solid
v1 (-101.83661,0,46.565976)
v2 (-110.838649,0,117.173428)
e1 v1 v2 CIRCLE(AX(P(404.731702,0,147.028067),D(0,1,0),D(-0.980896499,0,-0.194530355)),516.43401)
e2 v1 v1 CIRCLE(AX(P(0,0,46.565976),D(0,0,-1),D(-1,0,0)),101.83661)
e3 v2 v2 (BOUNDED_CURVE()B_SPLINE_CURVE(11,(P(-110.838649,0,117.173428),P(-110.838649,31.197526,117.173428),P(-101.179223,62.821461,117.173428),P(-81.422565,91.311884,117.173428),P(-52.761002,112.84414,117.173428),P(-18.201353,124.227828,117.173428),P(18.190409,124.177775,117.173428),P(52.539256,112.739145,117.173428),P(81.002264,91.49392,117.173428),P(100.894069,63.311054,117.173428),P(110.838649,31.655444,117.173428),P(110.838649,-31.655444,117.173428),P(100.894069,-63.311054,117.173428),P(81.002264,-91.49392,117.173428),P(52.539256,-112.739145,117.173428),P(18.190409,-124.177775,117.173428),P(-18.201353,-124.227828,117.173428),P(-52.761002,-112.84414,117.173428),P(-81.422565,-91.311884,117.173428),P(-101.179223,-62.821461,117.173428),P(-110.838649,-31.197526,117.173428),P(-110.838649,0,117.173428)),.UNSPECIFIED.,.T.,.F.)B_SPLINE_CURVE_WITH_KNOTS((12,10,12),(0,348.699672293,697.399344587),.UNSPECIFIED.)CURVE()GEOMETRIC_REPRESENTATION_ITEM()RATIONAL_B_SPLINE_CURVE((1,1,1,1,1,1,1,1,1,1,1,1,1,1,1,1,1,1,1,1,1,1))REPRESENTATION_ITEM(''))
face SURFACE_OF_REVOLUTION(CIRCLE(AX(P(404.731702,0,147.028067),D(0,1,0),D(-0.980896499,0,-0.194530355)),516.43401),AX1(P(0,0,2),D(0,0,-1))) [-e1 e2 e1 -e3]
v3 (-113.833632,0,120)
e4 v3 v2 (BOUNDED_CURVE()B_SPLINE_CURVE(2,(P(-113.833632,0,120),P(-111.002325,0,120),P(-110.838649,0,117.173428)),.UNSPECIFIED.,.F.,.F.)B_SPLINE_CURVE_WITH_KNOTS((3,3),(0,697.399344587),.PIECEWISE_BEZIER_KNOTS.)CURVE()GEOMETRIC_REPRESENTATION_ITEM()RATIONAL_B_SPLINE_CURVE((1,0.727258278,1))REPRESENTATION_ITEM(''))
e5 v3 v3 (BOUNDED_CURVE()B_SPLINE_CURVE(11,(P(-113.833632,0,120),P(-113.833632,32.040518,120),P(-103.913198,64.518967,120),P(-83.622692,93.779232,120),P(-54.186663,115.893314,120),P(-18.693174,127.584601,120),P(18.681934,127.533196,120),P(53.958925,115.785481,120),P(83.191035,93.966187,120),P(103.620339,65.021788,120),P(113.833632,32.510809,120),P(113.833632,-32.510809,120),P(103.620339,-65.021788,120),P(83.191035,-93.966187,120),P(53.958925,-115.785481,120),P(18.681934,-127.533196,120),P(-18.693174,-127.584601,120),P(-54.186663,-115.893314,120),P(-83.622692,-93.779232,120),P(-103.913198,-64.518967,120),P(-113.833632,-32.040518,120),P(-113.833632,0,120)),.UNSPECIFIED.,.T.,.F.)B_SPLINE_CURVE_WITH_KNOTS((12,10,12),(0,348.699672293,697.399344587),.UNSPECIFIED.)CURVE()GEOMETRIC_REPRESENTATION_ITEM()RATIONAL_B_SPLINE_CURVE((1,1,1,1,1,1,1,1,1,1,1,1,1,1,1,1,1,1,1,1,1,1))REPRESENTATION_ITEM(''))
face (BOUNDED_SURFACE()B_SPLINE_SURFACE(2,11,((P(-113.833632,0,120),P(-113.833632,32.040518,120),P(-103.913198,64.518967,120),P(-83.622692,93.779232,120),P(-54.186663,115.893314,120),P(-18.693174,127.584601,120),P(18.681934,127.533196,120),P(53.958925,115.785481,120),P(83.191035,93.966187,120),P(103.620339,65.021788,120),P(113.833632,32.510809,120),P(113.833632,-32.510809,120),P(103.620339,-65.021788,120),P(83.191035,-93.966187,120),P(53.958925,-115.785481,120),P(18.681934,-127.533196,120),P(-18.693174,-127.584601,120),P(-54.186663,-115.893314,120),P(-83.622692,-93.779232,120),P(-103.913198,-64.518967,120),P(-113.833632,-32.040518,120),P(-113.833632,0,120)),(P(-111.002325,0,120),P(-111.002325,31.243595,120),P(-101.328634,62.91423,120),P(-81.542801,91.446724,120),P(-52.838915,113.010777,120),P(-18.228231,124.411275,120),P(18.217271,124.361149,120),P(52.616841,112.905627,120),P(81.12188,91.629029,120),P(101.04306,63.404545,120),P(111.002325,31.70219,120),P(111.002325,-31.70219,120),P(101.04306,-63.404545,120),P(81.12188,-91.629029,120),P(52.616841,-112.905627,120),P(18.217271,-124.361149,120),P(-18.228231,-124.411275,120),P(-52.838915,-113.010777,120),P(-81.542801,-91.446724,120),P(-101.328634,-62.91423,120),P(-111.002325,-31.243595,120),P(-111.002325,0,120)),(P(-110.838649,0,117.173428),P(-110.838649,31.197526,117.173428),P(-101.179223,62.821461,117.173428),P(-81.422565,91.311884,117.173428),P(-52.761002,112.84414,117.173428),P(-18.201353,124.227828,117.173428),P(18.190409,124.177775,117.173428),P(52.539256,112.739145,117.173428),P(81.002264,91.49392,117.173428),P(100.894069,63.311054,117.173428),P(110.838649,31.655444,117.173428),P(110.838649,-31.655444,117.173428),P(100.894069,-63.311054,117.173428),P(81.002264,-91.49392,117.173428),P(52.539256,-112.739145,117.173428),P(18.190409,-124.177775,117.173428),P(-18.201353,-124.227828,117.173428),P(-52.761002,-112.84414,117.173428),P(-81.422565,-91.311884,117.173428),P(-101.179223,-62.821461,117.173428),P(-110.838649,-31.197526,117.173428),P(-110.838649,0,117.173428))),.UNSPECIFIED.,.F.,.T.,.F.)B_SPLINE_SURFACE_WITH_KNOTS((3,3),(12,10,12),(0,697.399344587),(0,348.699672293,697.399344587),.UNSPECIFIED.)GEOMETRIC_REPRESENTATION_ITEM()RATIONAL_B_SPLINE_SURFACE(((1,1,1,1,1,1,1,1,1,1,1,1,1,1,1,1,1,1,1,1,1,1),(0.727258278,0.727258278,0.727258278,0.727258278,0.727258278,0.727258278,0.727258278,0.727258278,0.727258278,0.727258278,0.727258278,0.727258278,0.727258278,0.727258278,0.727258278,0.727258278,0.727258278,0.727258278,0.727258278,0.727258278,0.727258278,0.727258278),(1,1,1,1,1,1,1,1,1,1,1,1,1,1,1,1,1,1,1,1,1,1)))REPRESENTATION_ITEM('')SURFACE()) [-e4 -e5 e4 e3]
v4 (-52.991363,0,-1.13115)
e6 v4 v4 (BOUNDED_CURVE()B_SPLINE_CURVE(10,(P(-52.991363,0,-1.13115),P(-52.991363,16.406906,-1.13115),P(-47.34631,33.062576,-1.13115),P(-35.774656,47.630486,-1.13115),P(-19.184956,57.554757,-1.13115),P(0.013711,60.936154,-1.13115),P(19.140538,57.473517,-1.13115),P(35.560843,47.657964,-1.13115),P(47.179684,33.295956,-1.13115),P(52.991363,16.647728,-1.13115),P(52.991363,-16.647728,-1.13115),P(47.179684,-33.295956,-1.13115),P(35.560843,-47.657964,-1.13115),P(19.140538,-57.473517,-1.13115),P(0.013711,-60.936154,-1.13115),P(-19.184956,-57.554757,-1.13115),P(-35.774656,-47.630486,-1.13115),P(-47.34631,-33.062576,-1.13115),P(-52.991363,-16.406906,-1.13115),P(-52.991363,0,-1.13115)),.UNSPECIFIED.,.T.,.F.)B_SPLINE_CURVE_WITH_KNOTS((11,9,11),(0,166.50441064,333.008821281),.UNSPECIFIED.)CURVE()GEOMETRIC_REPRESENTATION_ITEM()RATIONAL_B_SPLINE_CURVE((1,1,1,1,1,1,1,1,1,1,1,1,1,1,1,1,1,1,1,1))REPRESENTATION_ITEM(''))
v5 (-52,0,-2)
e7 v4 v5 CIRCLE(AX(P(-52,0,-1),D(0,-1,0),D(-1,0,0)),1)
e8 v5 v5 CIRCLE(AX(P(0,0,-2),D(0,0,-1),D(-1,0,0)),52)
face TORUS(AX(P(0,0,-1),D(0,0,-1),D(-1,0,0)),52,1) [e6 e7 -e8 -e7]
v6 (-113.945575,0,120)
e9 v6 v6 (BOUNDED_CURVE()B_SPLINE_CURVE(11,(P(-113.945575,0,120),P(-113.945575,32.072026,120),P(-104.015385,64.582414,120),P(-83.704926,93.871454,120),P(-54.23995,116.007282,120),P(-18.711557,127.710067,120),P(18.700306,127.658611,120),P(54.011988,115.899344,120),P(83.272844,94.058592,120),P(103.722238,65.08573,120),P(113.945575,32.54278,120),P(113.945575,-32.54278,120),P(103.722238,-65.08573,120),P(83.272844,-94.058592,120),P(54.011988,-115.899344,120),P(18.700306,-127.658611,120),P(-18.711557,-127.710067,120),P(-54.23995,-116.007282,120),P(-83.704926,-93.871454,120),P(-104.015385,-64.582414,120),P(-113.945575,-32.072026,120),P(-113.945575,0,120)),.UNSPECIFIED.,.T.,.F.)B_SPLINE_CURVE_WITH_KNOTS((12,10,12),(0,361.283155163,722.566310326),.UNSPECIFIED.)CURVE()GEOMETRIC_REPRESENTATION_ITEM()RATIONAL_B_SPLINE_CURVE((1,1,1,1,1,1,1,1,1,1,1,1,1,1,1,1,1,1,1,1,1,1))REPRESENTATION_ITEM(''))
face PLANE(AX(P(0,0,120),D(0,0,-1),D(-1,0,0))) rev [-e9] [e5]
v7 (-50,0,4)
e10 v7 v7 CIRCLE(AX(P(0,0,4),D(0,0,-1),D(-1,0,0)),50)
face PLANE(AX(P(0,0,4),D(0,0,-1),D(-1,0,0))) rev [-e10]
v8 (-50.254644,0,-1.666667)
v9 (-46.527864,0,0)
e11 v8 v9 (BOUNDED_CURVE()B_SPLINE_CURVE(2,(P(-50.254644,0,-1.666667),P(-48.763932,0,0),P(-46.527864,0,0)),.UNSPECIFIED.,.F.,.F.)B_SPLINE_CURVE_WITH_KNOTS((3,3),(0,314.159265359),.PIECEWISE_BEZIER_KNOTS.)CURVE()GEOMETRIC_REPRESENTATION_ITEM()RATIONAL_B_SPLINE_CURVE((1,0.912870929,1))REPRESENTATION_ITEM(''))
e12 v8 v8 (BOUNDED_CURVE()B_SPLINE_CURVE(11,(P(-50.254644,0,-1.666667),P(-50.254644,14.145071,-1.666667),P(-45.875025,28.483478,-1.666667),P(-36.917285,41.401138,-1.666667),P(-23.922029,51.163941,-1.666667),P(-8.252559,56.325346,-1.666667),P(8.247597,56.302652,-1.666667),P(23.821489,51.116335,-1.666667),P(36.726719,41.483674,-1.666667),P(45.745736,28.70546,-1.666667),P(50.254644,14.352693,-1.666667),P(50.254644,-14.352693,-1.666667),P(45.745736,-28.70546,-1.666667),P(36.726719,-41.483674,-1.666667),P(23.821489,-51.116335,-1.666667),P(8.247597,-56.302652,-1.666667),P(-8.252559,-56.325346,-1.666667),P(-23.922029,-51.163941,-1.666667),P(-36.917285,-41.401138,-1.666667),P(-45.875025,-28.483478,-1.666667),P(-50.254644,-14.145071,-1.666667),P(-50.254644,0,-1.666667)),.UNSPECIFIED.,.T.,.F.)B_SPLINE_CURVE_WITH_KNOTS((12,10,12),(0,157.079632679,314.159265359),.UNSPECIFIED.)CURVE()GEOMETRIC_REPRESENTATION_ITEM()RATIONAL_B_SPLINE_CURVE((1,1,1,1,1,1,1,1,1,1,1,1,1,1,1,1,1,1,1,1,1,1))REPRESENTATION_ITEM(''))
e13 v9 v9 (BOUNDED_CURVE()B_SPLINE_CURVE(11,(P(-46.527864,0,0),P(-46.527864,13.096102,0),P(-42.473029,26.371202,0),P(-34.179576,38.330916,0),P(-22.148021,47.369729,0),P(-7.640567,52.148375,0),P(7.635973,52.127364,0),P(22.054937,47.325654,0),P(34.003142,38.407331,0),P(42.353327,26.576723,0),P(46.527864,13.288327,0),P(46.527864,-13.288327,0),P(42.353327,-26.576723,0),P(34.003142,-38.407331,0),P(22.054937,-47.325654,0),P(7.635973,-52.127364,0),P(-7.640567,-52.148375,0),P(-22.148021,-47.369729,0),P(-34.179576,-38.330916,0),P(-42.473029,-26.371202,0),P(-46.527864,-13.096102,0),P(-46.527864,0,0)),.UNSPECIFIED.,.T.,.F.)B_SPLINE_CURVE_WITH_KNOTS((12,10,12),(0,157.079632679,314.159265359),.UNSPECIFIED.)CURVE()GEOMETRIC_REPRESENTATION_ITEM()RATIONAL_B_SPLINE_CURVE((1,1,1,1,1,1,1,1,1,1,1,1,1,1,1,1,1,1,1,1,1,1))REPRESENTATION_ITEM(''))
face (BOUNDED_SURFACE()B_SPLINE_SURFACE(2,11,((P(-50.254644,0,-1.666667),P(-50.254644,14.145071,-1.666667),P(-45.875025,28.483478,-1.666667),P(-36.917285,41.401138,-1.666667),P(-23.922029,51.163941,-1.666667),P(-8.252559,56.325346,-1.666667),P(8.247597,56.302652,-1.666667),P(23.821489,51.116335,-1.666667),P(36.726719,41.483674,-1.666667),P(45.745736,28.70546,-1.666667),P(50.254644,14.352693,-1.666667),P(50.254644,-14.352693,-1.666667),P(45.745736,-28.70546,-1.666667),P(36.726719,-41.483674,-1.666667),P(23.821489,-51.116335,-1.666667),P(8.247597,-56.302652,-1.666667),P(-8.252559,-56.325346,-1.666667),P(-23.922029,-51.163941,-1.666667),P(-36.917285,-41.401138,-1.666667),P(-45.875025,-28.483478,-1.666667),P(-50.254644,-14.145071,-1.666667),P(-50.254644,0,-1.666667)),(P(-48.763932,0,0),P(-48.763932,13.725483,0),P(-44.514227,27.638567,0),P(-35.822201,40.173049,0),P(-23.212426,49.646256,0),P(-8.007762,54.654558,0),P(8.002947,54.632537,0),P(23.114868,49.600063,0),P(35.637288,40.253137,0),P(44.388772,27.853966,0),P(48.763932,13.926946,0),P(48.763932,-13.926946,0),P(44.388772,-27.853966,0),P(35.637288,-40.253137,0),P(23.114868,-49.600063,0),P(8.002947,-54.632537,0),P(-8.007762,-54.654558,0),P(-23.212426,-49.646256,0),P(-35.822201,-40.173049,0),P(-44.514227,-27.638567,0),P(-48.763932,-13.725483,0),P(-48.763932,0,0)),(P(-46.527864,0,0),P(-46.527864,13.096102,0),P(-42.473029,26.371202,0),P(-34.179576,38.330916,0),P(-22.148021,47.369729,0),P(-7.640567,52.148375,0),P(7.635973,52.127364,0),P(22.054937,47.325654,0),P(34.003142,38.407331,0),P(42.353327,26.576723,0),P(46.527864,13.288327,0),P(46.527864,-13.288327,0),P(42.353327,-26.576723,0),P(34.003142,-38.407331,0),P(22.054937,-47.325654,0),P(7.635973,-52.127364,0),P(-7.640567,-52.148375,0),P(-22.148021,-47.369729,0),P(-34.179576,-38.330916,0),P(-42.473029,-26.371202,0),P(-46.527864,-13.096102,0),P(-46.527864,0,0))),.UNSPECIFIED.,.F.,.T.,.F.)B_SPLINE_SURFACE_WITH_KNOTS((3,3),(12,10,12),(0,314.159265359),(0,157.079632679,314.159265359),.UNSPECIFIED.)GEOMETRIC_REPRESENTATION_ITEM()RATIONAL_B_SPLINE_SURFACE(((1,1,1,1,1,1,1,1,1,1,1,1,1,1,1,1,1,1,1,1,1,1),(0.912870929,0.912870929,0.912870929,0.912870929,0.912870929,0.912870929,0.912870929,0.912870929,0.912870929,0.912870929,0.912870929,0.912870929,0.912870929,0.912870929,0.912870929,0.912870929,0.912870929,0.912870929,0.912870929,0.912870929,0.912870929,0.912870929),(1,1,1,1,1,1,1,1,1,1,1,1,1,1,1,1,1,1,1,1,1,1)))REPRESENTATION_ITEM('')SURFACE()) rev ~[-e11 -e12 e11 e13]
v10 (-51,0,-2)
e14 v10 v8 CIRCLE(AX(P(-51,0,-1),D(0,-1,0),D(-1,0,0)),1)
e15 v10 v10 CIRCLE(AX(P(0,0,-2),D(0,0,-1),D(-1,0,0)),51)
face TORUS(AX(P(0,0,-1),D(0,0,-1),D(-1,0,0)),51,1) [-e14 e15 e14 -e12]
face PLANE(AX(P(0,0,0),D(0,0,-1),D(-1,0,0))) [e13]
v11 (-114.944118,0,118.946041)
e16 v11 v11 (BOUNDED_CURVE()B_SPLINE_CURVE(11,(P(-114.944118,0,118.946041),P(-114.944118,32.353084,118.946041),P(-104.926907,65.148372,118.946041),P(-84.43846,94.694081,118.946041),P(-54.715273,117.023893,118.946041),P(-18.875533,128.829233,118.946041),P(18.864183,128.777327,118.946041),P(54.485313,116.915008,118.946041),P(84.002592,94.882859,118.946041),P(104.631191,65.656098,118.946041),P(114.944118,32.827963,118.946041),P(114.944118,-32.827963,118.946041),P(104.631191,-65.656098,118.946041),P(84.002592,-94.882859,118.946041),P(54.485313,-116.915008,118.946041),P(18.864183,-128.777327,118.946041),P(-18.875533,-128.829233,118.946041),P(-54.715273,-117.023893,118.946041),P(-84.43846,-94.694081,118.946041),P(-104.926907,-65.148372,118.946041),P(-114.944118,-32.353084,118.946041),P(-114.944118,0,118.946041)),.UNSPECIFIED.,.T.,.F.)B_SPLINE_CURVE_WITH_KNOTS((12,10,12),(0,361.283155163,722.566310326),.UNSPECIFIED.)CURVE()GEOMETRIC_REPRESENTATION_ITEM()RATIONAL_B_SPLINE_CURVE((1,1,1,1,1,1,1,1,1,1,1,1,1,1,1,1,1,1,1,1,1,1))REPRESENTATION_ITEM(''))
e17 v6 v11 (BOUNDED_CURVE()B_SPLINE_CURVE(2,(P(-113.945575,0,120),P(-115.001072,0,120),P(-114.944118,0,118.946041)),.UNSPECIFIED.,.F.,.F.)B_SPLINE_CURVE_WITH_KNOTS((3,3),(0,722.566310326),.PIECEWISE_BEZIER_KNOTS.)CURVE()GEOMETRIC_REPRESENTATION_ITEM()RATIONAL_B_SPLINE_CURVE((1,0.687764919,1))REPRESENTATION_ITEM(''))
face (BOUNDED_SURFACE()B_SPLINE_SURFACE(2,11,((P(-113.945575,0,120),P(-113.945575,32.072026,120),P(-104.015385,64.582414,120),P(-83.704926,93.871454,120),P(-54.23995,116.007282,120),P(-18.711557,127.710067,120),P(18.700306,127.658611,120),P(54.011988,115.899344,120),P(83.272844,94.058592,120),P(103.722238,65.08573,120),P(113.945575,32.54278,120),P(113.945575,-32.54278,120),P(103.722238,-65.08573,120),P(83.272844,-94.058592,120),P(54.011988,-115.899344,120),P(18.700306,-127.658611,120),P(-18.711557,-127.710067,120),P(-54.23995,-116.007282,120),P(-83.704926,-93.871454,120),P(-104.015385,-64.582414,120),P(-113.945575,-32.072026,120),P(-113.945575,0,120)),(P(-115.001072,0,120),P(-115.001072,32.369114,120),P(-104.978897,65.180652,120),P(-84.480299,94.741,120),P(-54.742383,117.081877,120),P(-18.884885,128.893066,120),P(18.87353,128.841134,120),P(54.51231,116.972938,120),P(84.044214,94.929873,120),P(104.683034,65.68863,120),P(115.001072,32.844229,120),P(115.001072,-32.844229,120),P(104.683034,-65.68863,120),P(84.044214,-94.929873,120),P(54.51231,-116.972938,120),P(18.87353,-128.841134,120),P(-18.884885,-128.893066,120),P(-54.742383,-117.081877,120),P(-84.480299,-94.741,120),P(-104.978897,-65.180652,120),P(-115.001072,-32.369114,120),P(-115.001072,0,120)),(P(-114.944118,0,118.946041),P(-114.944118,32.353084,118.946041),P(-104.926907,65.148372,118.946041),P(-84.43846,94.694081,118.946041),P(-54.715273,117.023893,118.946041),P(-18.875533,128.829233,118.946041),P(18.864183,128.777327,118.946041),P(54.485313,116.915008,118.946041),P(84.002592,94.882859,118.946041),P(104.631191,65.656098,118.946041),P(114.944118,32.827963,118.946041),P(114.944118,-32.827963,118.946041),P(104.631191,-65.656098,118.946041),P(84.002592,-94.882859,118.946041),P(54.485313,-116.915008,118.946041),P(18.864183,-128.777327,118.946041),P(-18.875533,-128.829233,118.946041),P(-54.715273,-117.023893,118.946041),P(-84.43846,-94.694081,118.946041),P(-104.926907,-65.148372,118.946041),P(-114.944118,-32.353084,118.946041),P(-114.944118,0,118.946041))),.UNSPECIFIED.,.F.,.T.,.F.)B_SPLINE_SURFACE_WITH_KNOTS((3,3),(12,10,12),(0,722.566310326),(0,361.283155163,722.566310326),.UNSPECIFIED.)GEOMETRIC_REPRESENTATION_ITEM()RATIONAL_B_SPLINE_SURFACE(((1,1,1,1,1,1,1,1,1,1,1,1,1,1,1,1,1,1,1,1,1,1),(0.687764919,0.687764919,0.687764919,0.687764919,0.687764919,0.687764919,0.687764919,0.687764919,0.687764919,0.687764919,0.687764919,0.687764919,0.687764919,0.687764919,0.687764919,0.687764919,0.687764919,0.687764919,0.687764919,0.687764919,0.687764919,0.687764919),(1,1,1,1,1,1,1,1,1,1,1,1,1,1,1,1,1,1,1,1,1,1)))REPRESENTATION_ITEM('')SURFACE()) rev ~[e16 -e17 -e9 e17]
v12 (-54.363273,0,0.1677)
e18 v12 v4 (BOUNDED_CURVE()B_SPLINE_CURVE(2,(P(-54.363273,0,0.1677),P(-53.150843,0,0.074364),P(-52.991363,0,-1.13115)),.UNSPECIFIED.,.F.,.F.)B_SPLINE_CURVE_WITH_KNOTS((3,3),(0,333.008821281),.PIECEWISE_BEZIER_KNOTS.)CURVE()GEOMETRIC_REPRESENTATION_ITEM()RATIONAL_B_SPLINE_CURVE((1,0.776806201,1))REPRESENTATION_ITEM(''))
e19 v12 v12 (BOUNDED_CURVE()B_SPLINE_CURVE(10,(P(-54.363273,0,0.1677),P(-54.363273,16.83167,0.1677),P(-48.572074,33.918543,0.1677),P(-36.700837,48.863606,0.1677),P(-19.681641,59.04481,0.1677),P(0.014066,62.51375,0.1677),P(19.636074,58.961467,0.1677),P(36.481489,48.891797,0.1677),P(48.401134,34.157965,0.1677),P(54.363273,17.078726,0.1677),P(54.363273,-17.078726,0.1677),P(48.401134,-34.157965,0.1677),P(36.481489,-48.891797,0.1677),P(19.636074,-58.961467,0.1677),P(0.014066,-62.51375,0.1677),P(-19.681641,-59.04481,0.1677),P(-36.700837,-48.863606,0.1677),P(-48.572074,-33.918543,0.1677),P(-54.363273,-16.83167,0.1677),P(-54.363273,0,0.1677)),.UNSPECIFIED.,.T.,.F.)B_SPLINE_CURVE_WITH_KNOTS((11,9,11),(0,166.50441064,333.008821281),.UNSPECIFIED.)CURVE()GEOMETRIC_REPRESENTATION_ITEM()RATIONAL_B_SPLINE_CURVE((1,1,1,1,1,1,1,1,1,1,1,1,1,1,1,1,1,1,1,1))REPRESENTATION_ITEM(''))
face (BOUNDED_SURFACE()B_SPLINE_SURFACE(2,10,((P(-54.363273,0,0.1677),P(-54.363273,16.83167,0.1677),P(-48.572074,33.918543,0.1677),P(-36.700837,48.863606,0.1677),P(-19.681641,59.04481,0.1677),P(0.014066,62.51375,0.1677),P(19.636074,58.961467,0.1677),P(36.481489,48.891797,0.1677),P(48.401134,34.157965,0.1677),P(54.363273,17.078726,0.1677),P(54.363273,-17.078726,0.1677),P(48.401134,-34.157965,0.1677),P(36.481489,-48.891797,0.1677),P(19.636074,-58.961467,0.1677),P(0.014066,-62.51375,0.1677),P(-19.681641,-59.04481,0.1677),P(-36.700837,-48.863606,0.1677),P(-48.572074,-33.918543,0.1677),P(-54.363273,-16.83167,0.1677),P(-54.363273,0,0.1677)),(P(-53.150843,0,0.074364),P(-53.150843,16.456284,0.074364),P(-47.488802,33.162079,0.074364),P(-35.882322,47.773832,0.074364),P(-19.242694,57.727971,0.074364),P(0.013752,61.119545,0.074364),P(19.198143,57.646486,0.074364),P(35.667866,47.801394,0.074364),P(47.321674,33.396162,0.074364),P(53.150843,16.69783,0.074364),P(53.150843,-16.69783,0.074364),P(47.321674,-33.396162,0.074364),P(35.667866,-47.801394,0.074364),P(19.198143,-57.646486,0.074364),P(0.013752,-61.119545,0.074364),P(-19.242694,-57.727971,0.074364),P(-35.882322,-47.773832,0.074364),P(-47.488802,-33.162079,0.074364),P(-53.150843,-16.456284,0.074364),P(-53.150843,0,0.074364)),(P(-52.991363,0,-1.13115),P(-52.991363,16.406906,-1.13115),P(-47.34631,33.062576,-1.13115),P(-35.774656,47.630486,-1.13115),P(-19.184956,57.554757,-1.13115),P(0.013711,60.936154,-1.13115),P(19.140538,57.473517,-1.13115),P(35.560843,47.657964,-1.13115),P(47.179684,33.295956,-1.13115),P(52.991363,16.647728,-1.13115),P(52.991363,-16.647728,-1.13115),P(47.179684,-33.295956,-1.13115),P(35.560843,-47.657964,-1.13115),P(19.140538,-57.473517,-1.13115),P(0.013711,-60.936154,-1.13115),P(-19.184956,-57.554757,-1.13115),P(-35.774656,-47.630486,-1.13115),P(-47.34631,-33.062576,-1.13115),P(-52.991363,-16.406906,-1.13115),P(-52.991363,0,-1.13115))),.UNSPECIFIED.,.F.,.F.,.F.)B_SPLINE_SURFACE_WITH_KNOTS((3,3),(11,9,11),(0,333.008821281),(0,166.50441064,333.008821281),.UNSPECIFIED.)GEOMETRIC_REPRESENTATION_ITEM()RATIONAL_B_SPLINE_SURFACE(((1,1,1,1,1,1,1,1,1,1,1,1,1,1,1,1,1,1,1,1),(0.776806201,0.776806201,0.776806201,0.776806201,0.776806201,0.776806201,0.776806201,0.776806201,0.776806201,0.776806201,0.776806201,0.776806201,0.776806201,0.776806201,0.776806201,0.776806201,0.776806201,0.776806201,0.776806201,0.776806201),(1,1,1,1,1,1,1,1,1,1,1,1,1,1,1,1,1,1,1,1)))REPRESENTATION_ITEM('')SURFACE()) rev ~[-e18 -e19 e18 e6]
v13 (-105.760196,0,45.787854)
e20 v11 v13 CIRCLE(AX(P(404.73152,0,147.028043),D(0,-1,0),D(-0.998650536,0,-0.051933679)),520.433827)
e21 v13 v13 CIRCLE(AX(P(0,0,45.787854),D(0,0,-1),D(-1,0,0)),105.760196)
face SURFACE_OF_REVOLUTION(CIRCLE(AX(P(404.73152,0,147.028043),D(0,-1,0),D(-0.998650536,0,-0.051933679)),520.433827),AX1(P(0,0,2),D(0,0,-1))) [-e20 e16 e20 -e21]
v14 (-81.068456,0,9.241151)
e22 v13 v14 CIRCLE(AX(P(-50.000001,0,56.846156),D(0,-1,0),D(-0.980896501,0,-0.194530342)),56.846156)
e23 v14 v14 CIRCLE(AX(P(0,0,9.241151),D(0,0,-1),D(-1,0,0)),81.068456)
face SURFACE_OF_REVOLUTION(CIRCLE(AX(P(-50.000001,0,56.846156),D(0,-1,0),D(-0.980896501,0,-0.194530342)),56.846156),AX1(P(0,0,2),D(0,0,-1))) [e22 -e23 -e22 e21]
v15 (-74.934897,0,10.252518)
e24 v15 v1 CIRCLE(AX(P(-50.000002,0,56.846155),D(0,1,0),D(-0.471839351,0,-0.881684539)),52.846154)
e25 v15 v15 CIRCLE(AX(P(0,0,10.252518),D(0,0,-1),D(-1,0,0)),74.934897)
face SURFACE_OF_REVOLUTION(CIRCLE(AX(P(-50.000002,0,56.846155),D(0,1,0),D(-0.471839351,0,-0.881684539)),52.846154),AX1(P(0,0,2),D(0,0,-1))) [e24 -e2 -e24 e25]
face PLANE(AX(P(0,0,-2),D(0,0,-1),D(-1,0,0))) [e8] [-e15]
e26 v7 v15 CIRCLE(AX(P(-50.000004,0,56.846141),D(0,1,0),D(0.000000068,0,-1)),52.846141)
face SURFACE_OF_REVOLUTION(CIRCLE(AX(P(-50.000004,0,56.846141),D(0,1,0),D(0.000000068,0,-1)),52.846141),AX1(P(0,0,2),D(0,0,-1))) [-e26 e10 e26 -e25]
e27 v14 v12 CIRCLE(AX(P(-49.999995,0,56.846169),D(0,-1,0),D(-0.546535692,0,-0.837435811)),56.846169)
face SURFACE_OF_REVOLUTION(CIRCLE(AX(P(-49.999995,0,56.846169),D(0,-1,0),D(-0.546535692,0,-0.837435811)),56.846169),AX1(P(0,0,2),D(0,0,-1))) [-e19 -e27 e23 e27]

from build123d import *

# Parameters (mm, degrees)
F2_R = 1
F3_R = 1.5
F4_R = 5
F5_R = 3


with BuildPart() as f1:
    # F0 (on Front) → F1 (revolve)
    with BuildSketch(Plane.XZ):
        with BuildLine():
            Line((-50, 0), (0, 0))
            Line((0, 0), (0, 4))
            Line((0, 4), (-50, 4))
            ThreePointArc((-50, 4), (-62.853434, 5.586957), (-74.934897, 10.252518))
            ThreePointArc((-74.934897, 10.252518), (-92.463312, 25.388512), (-101.83661, 46.565976))
            ThreePointArc((-101.83661, 46.565976), (-107.732623, 83.11874), (-110.994553, 120))
            Line((-110.994553, 120), (-115, 120))
            ThreePointArc((-115, 120), (-111.714837, 82.727745), (-105.760196, 45.787854))
            ThreePointArc((-105.760196, 45.787854), (-97.103281, 25.022165), (-81.068456, 9.241151))
            ThreePointArc((-81.068456, 9.241151), (-67.63945, 2.80603), (-53, 0.079216))
            ThreePointArc((-53, 0.079216), (-51.500523, 0.019808), (-50, 0))
        make_face()
        with BuildLine():
            Line((-50, -2), (-50, 0))
            ThreePointArc((-50, 0), (-51.500523, 0.019808), (-53, 0.079216))
            Line((-53, 0.079216), (-53, -2))
            Line((-53, -2), (-50, -2))
        make_face()
    revolve(axis=Axis((0, 0, 2), (0, 0, -1)))

    # F2
    f2_edges = [f1.edges().sort_by_distance(p)[0] for p in [
        (53, 0, -2),
        (50, 0, -2),
        (115, 0, 120),
    ]]
    fillet(f2_edges, radius=F2_R)

    # F3
    f3_edges = [f1.edges().sort_by_distance(p)[0] for p in [
        (53, 0, 0.079216),
    ]]
    fillet(f3_edges, radius=F3_R)

    # F4
    f4_edges = [f1.edges().sort_by_distance(p)[0] for p in [
        (50, 0, 0),
    ]]
    fillet(f4_edges, radius=F4_R)

    # F5
    f5_edges = [f1.edges().sort_by_distance(p)[0] for p in [
        (110.994553, 0, 120),
    ]]
    fillet(f5_edges, radius=F5_R)


solid = f1.part
